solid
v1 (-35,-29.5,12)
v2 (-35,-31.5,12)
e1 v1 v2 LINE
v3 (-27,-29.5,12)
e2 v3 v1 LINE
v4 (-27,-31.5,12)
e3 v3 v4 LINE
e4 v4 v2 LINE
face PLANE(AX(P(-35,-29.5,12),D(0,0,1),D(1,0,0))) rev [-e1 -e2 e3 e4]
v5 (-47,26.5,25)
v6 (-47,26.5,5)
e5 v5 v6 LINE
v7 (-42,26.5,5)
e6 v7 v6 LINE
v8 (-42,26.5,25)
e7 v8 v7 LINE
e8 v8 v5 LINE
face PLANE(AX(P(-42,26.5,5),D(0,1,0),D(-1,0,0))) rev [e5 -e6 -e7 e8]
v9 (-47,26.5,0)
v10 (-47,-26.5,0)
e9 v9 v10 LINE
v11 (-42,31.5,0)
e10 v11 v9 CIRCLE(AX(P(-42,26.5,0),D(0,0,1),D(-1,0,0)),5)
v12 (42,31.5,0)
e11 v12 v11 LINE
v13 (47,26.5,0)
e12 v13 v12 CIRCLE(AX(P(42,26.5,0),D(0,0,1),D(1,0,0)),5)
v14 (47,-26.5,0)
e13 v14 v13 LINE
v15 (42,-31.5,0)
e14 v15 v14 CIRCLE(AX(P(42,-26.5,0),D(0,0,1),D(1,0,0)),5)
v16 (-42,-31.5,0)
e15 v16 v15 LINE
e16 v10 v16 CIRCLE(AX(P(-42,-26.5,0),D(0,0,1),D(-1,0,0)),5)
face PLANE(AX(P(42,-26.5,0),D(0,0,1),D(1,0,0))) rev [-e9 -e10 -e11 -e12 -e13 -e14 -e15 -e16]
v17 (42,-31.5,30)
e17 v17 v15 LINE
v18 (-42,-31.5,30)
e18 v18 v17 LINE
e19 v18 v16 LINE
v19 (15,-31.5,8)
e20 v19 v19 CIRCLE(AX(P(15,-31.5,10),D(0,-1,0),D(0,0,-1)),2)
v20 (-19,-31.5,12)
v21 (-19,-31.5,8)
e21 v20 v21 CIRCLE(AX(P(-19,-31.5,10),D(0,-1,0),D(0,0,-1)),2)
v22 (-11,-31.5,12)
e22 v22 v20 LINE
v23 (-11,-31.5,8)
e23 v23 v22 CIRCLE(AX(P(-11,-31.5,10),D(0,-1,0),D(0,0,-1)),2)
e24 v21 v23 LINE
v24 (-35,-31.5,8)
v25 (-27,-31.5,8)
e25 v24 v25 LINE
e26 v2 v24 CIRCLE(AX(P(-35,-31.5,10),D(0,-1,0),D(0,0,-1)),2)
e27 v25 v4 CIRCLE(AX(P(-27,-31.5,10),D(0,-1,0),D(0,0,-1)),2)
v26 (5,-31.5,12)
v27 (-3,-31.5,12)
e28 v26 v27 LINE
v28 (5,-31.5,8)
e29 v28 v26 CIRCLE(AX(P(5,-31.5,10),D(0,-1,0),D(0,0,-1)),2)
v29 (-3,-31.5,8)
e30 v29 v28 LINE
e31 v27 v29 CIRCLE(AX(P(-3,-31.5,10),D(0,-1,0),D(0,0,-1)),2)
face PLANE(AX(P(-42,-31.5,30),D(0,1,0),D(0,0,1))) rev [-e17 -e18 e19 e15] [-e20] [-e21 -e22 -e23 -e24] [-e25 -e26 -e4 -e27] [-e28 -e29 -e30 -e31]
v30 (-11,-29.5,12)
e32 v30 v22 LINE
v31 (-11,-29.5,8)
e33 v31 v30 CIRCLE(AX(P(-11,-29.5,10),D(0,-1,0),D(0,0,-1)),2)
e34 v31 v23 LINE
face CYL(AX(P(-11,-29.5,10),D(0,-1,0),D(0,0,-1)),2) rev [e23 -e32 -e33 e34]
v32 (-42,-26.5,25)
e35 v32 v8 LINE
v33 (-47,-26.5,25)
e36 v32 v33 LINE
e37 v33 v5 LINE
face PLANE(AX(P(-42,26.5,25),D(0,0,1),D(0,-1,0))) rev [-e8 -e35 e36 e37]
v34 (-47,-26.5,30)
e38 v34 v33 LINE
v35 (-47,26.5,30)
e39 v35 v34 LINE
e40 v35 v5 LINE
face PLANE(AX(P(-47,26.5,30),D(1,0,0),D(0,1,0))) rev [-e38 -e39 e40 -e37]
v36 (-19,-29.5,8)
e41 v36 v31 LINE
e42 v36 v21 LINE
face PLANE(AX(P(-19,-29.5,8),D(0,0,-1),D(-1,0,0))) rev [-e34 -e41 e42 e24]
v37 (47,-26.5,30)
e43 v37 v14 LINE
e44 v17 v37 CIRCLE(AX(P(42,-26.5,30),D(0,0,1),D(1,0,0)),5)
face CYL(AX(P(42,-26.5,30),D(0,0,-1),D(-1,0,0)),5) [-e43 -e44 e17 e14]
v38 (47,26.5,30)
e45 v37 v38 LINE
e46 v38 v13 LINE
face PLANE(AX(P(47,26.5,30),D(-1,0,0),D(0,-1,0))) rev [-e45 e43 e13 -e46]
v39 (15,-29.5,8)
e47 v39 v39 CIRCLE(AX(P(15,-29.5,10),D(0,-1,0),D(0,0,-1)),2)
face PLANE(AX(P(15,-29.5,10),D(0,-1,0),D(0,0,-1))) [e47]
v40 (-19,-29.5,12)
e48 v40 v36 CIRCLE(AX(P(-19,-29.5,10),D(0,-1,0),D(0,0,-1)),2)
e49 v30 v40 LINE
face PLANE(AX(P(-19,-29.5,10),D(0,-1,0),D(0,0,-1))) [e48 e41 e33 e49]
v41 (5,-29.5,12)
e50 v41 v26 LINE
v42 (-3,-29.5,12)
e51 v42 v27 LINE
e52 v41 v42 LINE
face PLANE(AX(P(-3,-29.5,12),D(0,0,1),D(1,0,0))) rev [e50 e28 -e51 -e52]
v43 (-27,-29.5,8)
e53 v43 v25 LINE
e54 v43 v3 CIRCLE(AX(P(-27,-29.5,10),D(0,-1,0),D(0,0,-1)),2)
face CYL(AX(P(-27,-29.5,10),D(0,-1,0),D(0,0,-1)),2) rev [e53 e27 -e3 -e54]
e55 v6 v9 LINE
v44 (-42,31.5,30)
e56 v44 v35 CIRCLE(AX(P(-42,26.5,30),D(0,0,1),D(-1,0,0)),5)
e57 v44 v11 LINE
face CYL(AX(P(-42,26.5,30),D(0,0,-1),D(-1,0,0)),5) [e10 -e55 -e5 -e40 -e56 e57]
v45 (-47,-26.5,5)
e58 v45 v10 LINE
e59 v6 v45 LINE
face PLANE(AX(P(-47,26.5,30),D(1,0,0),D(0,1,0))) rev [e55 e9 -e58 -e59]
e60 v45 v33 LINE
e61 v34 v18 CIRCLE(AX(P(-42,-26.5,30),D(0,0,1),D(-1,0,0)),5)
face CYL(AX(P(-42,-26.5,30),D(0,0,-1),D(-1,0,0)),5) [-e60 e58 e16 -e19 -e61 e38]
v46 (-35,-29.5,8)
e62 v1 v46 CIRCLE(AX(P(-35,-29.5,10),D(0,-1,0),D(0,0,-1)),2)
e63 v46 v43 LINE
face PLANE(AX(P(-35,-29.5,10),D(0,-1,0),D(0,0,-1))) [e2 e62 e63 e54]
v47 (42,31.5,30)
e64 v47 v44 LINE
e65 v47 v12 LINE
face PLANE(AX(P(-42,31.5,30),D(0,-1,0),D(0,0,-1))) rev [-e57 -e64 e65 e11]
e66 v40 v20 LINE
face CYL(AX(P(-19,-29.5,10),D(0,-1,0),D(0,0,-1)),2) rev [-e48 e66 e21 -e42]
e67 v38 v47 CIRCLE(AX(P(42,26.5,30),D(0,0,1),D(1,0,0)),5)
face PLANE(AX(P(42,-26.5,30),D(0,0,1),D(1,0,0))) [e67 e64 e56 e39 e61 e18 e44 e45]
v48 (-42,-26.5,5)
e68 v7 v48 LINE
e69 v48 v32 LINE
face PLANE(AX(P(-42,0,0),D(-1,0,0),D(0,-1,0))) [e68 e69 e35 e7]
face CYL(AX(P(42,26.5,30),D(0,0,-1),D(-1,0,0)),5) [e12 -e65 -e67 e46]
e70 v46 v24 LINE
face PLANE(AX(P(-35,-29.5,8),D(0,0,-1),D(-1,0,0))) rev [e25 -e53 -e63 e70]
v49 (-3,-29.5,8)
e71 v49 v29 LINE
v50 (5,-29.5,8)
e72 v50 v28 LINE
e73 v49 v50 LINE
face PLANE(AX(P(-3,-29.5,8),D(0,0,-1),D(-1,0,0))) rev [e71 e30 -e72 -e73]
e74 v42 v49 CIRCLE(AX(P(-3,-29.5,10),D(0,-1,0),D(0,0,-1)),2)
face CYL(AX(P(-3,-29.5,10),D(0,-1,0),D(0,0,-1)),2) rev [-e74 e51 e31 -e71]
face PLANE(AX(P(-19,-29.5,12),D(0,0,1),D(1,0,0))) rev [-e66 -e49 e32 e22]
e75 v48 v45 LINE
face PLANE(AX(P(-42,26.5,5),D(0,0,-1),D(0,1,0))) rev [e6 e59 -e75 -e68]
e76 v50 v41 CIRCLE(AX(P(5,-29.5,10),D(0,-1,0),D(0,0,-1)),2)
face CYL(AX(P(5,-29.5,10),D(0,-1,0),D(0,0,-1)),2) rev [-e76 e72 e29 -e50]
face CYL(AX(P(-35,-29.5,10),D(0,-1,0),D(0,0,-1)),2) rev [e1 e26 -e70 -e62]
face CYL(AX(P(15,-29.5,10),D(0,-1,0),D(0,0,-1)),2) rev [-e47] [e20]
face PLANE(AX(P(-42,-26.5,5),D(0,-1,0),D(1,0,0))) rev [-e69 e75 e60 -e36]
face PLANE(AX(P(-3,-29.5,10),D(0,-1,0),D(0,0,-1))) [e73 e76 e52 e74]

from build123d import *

# Parameters (mm, degrees)
BOSS_EXTRUDE1_DEPTH = 30
SKETCH2_R           = 2
CUT_EXTRUDE1_DEPTH  = 2
SKETCH3_W           = 20
SKETCH3_H           = 53
CUT_EXTRUDE2_DEPTH  = 5


with BuildPart() as part:
    # Sketch1 → Boss-Extrude1 (new body)
    with BuildSketch(Plane.XY):
        with BuildLine():
            Line((-42, 31.5), (42, 31.5))
            ThreePointArc((42, 31.5), (45.535533906, 30.035533906), (47, 26.5))
            Line((47, 26.5), (47, -26.5))
            ThreePointArc((47, -26.5), (45.535533906, -30.035533906), (42, -31.5))
            Line((42, -31.5), (-42, -31.5))
            ThreePointArc((-42, -31.5), (-45.535533906, -30.035533906), (-47, -26.5))
            Line((-47, -26.5), (-47, 26.5))
            ThreePointArc((-47, 26.5), (-45.535533906, 30.035533906), (-42, 31.5))
        make_face()
    extrude(amount=BOSS_EXTRUDE1_DEPTH)

    # Sketch2 → Cut-Extrude1 (cut)
    with BuildSketch(Plane.XZ.offset(31.5)):
        with Locations((15, 10)):
            Circle(SKETCH2_R)
        with BuildLine():
            Line((-35, 12), (-27, 12))
            ThreePointArc((-27, 12), (-25, 10), (-27, 8))
            Line((-27, 8), (-35, 8))
            ThreePointArc((-35, 8), (-37, 10), (-35, 12))
        make_face()
        with BuildLine():
            Line((-19, 12), (-11, 12))
            ThreePointArc((-11, 12), (-9, 10), (-11, 8))
            Line((-11, 8), (-19, 8))
            ThreePointArc((-19, 8), (-21, 10), (-19, 12))
        make_face()
        with BuildLine():
            Line((-3, 12), (5, 12))
            ThreePointArc((5, 12), (7, 10), (5, 8))
            Line((5, 8), (-3, 8))
            ThreePointArc((-3, 8), (-5, 10), (-3, 12))
        make_face()
    extrude(amount=-CUT_EXTRUDE1_DEPTH, mode=Mode.SUBTRACT)

    # Sketch3 → Cut-Extrude2 (cut)
    with BuildSketch(Plane.ZY.offset(47)):
        with Locations((15, 0)):
            Rectangle(SKETCH3_W, SKETCH3_H)
    extrude(amount=-CUT_EXTRUDE2_DEPTH, mode=Mode.SUBTRACT)


solid = part.part
